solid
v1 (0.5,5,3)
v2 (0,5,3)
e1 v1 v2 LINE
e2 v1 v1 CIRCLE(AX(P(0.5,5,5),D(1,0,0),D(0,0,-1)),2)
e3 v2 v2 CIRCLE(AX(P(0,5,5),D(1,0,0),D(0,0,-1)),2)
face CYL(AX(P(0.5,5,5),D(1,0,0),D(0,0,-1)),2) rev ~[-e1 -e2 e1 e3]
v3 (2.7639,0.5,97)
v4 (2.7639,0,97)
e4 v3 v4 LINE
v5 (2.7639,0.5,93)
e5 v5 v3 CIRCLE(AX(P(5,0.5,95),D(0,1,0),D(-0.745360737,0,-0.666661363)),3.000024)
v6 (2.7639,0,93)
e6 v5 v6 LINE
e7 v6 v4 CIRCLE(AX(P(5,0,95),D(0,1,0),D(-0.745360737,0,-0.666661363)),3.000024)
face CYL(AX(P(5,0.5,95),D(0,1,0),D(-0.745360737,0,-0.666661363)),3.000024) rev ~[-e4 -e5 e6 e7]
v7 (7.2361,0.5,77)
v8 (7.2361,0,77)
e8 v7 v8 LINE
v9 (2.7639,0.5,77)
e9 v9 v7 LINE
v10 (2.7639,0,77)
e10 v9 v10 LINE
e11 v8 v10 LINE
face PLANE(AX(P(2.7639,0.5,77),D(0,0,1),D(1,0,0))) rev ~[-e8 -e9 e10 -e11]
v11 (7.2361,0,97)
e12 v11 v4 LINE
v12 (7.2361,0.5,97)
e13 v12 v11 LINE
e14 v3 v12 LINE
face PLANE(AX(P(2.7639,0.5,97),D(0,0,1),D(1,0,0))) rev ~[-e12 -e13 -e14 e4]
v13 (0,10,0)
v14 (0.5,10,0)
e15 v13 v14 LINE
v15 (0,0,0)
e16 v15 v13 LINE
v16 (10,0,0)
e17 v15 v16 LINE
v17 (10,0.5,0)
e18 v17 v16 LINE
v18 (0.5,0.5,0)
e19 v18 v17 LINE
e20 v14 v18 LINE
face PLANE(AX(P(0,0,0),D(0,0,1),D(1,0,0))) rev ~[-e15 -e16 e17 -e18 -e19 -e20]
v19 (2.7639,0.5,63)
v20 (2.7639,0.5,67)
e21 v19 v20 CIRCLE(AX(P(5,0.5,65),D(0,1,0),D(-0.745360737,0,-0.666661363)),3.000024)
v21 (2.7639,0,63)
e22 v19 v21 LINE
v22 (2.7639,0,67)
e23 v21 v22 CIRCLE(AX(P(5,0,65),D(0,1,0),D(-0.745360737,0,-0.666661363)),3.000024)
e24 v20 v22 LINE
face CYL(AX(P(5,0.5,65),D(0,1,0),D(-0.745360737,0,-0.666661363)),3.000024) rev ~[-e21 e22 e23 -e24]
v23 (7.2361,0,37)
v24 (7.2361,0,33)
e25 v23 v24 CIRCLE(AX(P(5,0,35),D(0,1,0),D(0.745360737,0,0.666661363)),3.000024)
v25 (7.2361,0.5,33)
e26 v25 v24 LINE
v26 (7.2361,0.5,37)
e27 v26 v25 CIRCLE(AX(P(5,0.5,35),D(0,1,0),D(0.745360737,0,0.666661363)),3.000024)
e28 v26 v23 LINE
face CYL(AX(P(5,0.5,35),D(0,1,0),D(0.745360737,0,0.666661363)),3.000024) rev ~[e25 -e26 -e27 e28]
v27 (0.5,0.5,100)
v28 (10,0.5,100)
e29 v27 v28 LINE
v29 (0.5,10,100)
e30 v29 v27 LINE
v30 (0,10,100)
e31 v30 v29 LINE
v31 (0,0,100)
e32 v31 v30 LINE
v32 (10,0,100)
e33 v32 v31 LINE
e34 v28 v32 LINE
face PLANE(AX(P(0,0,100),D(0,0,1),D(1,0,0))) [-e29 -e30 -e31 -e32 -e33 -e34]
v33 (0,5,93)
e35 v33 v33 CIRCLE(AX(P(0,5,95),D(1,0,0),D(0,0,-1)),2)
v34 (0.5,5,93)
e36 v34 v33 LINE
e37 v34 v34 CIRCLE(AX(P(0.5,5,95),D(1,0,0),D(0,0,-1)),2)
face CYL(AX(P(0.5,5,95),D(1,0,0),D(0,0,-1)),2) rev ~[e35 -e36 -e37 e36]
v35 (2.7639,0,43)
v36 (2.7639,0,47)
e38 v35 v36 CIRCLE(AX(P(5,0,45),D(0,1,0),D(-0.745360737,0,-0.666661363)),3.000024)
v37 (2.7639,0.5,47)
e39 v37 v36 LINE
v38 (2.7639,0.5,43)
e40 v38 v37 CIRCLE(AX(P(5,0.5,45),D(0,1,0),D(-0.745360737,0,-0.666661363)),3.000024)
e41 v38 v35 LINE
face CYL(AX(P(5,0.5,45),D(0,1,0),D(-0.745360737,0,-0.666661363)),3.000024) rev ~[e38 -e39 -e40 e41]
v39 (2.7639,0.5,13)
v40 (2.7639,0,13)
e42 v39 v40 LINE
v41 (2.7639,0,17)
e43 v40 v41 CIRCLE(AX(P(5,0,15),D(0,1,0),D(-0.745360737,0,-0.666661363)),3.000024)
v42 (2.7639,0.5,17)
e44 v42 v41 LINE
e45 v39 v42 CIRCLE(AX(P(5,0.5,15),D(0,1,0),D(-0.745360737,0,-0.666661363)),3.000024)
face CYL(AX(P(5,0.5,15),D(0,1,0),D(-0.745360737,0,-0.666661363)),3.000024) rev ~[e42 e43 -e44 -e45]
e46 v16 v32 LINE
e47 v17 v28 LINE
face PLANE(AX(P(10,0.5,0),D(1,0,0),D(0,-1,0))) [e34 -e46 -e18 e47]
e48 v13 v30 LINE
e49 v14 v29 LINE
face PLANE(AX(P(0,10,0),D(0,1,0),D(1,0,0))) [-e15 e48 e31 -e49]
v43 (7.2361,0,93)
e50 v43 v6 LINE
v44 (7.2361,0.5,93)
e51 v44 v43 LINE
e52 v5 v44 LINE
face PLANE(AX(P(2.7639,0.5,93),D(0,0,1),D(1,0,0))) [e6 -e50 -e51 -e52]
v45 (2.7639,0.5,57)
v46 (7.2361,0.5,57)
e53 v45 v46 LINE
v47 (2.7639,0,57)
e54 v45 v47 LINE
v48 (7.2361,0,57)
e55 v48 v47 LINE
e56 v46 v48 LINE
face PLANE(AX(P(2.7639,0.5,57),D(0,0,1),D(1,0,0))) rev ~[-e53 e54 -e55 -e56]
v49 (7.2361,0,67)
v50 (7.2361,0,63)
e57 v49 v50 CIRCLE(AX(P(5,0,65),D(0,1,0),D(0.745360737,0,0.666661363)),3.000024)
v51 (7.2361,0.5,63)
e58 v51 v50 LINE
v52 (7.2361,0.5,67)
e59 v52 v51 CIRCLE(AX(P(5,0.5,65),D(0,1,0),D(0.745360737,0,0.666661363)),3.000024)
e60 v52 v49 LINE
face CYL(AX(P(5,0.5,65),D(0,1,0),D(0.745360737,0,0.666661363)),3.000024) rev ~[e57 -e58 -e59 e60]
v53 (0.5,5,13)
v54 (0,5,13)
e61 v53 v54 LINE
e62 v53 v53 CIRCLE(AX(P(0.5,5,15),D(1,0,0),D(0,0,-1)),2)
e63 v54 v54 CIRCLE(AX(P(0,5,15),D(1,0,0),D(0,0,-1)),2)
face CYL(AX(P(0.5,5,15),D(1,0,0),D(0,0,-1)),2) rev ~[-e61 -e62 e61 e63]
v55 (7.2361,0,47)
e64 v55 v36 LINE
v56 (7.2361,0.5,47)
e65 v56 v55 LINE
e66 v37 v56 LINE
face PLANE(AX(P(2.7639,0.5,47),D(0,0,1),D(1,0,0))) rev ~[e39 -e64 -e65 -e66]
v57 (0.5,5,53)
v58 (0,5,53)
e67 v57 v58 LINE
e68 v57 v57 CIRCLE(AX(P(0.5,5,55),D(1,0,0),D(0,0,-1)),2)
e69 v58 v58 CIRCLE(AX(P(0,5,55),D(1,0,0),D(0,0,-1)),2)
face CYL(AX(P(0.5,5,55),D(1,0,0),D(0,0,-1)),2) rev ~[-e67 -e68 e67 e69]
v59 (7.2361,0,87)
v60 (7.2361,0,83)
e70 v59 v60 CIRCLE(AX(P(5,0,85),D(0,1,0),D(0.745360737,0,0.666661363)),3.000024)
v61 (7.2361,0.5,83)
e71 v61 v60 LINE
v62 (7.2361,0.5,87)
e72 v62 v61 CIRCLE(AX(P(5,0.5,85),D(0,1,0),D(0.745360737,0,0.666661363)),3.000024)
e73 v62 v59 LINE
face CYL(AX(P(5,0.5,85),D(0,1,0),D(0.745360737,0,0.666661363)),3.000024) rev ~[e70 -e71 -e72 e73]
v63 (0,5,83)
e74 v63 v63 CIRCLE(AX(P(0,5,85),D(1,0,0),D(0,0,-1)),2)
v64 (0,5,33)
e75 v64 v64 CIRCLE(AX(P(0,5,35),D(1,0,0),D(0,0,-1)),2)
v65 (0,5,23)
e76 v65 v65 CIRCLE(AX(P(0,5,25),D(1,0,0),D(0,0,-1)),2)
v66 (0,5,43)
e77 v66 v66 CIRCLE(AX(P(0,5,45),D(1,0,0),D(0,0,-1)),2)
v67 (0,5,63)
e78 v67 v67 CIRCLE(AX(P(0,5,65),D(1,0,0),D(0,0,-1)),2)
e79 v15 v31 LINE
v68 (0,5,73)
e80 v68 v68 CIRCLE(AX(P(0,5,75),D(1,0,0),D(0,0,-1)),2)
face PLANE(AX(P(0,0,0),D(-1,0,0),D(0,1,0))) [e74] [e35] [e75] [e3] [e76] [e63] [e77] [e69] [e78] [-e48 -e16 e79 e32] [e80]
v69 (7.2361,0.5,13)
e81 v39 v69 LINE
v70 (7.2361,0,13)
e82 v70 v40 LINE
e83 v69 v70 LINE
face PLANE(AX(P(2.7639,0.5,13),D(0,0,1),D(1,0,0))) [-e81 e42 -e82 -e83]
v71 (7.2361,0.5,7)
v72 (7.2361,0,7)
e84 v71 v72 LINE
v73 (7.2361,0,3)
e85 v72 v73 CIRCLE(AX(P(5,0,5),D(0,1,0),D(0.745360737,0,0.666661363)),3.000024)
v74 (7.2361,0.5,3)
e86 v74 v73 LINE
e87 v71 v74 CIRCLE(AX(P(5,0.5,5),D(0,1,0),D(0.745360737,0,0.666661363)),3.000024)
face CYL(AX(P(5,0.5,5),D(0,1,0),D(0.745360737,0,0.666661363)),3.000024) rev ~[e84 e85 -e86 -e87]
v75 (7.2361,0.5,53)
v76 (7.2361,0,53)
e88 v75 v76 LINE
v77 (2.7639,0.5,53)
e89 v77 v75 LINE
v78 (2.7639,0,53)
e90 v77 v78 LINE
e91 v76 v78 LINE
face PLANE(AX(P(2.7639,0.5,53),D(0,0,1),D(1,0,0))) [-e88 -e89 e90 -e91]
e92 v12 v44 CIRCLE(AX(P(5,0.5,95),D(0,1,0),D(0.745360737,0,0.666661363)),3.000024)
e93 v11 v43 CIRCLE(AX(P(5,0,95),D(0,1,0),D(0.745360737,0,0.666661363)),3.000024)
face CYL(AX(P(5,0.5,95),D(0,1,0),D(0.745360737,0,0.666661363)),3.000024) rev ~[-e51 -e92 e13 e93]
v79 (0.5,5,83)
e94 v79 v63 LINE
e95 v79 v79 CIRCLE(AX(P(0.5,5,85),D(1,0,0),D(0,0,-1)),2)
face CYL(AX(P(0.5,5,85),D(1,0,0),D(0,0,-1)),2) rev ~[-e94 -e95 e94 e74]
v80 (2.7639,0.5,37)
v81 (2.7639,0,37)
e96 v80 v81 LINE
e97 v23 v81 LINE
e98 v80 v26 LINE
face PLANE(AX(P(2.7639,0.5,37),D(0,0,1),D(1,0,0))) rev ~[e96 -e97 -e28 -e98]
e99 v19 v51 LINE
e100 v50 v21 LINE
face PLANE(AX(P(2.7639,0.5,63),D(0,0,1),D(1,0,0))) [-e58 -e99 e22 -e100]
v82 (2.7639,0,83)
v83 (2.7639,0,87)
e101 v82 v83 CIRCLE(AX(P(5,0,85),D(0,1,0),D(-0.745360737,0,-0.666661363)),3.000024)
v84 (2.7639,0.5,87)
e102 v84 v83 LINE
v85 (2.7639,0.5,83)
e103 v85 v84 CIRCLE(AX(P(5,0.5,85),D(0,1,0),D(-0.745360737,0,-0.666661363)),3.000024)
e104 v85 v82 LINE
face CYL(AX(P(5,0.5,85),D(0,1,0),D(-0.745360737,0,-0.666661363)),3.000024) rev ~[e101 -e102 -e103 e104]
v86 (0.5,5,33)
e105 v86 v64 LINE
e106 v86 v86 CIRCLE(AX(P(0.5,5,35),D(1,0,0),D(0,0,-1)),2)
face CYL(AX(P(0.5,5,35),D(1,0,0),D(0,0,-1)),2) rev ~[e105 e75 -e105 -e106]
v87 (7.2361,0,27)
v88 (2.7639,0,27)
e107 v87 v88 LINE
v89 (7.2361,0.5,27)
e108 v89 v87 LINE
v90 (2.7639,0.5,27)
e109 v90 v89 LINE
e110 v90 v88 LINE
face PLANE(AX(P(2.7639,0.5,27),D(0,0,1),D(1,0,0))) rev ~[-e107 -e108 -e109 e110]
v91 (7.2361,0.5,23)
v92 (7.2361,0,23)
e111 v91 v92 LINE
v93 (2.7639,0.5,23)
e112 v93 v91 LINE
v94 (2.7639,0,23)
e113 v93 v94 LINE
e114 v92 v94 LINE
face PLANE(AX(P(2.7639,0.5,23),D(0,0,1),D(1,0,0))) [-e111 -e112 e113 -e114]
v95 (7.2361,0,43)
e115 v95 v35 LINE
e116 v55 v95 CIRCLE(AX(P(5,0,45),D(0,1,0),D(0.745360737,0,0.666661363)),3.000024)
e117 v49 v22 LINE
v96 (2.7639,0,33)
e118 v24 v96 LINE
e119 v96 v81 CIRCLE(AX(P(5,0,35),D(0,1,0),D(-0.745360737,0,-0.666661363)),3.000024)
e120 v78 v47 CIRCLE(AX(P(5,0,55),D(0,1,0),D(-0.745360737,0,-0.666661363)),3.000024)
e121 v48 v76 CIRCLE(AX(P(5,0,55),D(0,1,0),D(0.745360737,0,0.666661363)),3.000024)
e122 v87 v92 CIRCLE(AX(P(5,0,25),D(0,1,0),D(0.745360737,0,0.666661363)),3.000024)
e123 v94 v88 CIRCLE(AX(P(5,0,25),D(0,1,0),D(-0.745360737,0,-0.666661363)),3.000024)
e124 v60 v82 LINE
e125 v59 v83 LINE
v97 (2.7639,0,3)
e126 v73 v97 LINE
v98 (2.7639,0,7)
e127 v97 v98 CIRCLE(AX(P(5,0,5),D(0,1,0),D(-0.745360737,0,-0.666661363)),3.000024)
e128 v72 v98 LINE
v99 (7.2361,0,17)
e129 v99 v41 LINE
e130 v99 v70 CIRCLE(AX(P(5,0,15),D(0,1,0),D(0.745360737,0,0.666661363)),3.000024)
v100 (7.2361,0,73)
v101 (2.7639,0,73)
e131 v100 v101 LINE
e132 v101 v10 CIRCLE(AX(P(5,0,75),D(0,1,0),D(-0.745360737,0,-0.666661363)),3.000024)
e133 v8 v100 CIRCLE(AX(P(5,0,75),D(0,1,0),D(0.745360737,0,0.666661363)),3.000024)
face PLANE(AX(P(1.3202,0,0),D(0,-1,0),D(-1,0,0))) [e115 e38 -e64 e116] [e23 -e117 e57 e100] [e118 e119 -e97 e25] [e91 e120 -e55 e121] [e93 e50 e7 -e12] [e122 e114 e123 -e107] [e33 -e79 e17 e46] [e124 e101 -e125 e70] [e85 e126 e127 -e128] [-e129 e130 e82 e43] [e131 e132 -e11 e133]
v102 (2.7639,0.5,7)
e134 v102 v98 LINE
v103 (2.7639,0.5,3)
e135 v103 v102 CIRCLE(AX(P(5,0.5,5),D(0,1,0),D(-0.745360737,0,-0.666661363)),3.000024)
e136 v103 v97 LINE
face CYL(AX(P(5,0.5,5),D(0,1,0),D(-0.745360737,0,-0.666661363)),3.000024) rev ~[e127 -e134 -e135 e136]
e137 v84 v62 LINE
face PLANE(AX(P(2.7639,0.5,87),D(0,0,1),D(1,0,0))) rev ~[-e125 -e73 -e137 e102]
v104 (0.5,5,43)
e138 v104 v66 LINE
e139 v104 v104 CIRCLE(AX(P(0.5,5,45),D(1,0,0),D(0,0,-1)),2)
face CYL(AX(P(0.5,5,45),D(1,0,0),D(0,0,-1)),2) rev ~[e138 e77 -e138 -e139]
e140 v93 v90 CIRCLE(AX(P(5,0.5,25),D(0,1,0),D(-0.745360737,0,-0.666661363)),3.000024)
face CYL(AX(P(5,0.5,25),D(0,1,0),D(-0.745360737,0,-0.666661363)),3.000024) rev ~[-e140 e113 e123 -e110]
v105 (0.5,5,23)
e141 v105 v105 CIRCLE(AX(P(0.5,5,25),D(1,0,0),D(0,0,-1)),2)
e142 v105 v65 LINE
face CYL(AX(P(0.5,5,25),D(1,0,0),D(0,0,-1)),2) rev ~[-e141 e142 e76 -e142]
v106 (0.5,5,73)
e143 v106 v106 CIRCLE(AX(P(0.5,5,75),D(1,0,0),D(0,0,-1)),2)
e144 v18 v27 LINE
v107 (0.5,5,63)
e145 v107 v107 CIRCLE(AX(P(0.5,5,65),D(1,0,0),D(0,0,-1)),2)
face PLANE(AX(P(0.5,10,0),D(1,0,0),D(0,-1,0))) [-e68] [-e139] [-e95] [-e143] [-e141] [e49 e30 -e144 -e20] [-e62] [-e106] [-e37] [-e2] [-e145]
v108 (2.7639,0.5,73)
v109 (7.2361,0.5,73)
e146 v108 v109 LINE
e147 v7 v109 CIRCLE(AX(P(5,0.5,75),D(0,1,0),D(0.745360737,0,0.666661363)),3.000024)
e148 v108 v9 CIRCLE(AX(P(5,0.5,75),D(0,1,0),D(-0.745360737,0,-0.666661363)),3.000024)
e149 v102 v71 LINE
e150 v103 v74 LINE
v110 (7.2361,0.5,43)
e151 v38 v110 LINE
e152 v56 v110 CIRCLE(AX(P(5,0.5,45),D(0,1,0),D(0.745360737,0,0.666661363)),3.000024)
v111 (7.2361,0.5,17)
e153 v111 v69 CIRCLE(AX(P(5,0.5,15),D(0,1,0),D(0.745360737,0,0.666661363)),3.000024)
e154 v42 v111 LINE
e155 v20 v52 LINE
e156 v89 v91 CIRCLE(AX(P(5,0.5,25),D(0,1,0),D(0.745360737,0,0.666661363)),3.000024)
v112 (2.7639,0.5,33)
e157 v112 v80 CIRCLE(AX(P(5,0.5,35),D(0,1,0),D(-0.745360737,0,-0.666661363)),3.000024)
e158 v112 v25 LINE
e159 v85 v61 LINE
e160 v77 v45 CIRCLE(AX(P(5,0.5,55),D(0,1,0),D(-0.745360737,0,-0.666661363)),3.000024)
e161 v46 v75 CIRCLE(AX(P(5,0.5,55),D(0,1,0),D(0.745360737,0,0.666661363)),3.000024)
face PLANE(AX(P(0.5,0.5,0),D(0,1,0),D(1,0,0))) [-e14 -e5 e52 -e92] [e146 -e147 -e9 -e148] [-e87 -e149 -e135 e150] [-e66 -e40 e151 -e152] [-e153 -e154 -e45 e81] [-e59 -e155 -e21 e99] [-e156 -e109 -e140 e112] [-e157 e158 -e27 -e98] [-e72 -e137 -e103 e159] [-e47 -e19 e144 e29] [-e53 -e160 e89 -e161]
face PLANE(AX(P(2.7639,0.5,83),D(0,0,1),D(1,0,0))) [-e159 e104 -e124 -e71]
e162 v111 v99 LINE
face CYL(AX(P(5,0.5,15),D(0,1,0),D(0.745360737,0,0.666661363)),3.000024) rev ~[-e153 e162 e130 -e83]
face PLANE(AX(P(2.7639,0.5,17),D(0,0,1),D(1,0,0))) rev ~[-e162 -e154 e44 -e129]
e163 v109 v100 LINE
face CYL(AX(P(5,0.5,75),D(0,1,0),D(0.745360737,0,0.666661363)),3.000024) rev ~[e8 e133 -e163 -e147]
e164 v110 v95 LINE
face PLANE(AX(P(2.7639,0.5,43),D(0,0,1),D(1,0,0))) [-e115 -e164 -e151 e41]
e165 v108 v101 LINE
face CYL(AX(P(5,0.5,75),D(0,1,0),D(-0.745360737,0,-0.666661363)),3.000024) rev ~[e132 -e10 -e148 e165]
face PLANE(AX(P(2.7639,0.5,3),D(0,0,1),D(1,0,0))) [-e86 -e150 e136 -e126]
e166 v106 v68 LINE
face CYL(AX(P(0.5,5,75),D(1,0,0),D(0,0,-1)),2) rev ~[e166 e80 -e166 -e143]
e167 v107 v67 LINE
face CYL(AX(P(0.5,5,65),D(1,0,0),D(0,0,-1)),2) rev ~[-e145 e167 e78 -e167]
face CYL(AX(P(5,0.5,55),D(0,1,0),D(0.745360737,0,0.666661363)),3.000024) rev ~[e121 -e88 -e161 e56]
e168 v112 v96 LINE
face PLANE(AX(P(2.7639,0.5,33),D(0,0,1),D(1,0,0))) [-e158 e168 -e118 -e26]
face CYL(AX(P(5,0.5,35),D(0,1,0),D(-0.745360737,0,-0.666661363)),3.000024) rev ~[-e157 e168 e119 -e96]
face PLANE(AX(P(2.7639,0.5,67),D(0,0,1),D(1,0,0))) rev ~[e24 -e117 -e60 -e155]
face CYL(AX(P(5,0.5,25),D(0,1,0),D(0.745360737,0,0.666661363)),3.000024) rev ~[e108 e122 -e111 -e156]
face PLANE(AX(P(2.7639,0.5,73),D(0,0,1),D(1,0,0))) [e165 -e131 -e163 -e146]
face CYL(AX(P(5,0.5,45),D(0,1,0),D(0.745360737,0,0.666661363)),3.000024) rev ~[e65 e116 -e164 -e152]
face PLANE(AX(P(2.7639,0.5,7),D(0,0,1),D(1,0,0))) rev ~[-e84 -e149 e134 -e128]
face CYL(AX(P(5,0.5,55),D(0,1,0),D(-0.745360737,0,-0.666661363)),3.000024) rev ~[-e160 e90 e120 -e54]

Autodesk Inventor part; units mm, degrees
ref_plane "YZ Plane" through (0, 0, 0) normal (1, 0, 0) x (0, 1, 0)
ref_plane "XZ Plane" through (0, 0, 0) normal (0, 1, 0) x (-1, 0, 0)
ref_plane "XY Plane" through (0, 0, 0) normal (0, 0, 1) x (1, 0, 0)
sketch "Náčrt1" plane through (0, 0, 0) normal (0, 0, 1) x (1, 0, 0)
  line L0 (1.3202, 0) -> (0, 0)
  line L1 (0, 0) -> (0, 10)
  line L2 (0, 10) -> (0.5, 10)
  line L3 (0.5, 10) -> (0.5, 0.5)
  line L4 (0.5, 0.5) -> (10, 0.5)
  line L5 (10, 0.5) -> (10, 0)
  line L6 (10, 0) -> (1.3202, 0)
  point P0 (10, 0.25)
  point P1 (0.25, 10)
  dimension "d0" = 0.5
  dimension "d1" = 0.5
  dimension "d2" = 10
  dimension "d3" = 10
extrude "Vysunutí1" add sketch "Náčrt1" along normal blind 100
sketch "Náčrt2" plane through (0.5, 0.5, 0) normal (0, 1, 0) x (1, 0, 0)
  line L0 (9.5, 0) -> (0, 0) projected
  line L1 (9.5, 0) -> (9.5, -100) projected
  line L2 (2.2639, -3) -> (6.7361, -3)
  line L3 (2.2639, -7) -> (6.7361, -7)
  arc A0 (2.2639, -3) -> (2.2639, -7) centre (4.5, -5) ccw
  arc A1 (6.7361, -7) -> (6.7361, -3) centre (4.5, -5) ccw
  point P0 (-0.5, 0)
  point P1 (4.8669, -7)
  dimension "d7" = 5
  dimension "d8" = 5
  dimension "d9" = 2
  dimension "d10" = 4
extrude "Vysunutí2" cut sketch "Náčrt2" against normal through all
pattern_linear "Obdélníkové pole1" count 10 spacing 10 along (0, 0, 1) of "Vysunutí2"
sketch "Náčrt4" plane through (0.5, 0.5, 0) normal (1, 0, 0) x (0, 0, -1)
  line L0 (0, 0) -> (0, 9.5) projected
  line L1 (0, 9.5) -> (-100, 9.5) projected
  line L2 (-100, 0) -> (-100, 9.5) projected
  circle A0 centre (-5, 4.5) radius 2
  point P0 (0, -0.5)
  point P1 (-5, 9.5)
  point P2 (0, 4.5)
  point P3 (-100, 4.5)
  point P4 (-95, 9.5)
  dimension "d30" = 4
extrude "Vysunutí4" cut sketch "Náčrt4" against normal blind 10
sketch "Náčrt5" plane through (0.5, 0.5, 100) normal (1, 0, 0) x (0, 0, -1)
  circle A0 centre (5, 4.5) radius 2
  line L0 (100, 9.5) -> (0, 9.5) projected
  line L1 (0, 0) -> (0, 9.5) projected
  point P0 (100, -0.5)
  point P1 (95, 9.5)
  point P2 (5, 9.5)
  point P3 (0, 4.5)
  dimension "d33" = 4
  dimension "d34" = 5
  dimension "d35" = 5
extrude "Vysunutí5" cut sketch "Náčrt5" against normal blind 10
pattern_linear "Obdélníkové pole3" count 10 spacing 10 along (0, 0, -1) of "Vysunutí5"
properties part number "1027"
